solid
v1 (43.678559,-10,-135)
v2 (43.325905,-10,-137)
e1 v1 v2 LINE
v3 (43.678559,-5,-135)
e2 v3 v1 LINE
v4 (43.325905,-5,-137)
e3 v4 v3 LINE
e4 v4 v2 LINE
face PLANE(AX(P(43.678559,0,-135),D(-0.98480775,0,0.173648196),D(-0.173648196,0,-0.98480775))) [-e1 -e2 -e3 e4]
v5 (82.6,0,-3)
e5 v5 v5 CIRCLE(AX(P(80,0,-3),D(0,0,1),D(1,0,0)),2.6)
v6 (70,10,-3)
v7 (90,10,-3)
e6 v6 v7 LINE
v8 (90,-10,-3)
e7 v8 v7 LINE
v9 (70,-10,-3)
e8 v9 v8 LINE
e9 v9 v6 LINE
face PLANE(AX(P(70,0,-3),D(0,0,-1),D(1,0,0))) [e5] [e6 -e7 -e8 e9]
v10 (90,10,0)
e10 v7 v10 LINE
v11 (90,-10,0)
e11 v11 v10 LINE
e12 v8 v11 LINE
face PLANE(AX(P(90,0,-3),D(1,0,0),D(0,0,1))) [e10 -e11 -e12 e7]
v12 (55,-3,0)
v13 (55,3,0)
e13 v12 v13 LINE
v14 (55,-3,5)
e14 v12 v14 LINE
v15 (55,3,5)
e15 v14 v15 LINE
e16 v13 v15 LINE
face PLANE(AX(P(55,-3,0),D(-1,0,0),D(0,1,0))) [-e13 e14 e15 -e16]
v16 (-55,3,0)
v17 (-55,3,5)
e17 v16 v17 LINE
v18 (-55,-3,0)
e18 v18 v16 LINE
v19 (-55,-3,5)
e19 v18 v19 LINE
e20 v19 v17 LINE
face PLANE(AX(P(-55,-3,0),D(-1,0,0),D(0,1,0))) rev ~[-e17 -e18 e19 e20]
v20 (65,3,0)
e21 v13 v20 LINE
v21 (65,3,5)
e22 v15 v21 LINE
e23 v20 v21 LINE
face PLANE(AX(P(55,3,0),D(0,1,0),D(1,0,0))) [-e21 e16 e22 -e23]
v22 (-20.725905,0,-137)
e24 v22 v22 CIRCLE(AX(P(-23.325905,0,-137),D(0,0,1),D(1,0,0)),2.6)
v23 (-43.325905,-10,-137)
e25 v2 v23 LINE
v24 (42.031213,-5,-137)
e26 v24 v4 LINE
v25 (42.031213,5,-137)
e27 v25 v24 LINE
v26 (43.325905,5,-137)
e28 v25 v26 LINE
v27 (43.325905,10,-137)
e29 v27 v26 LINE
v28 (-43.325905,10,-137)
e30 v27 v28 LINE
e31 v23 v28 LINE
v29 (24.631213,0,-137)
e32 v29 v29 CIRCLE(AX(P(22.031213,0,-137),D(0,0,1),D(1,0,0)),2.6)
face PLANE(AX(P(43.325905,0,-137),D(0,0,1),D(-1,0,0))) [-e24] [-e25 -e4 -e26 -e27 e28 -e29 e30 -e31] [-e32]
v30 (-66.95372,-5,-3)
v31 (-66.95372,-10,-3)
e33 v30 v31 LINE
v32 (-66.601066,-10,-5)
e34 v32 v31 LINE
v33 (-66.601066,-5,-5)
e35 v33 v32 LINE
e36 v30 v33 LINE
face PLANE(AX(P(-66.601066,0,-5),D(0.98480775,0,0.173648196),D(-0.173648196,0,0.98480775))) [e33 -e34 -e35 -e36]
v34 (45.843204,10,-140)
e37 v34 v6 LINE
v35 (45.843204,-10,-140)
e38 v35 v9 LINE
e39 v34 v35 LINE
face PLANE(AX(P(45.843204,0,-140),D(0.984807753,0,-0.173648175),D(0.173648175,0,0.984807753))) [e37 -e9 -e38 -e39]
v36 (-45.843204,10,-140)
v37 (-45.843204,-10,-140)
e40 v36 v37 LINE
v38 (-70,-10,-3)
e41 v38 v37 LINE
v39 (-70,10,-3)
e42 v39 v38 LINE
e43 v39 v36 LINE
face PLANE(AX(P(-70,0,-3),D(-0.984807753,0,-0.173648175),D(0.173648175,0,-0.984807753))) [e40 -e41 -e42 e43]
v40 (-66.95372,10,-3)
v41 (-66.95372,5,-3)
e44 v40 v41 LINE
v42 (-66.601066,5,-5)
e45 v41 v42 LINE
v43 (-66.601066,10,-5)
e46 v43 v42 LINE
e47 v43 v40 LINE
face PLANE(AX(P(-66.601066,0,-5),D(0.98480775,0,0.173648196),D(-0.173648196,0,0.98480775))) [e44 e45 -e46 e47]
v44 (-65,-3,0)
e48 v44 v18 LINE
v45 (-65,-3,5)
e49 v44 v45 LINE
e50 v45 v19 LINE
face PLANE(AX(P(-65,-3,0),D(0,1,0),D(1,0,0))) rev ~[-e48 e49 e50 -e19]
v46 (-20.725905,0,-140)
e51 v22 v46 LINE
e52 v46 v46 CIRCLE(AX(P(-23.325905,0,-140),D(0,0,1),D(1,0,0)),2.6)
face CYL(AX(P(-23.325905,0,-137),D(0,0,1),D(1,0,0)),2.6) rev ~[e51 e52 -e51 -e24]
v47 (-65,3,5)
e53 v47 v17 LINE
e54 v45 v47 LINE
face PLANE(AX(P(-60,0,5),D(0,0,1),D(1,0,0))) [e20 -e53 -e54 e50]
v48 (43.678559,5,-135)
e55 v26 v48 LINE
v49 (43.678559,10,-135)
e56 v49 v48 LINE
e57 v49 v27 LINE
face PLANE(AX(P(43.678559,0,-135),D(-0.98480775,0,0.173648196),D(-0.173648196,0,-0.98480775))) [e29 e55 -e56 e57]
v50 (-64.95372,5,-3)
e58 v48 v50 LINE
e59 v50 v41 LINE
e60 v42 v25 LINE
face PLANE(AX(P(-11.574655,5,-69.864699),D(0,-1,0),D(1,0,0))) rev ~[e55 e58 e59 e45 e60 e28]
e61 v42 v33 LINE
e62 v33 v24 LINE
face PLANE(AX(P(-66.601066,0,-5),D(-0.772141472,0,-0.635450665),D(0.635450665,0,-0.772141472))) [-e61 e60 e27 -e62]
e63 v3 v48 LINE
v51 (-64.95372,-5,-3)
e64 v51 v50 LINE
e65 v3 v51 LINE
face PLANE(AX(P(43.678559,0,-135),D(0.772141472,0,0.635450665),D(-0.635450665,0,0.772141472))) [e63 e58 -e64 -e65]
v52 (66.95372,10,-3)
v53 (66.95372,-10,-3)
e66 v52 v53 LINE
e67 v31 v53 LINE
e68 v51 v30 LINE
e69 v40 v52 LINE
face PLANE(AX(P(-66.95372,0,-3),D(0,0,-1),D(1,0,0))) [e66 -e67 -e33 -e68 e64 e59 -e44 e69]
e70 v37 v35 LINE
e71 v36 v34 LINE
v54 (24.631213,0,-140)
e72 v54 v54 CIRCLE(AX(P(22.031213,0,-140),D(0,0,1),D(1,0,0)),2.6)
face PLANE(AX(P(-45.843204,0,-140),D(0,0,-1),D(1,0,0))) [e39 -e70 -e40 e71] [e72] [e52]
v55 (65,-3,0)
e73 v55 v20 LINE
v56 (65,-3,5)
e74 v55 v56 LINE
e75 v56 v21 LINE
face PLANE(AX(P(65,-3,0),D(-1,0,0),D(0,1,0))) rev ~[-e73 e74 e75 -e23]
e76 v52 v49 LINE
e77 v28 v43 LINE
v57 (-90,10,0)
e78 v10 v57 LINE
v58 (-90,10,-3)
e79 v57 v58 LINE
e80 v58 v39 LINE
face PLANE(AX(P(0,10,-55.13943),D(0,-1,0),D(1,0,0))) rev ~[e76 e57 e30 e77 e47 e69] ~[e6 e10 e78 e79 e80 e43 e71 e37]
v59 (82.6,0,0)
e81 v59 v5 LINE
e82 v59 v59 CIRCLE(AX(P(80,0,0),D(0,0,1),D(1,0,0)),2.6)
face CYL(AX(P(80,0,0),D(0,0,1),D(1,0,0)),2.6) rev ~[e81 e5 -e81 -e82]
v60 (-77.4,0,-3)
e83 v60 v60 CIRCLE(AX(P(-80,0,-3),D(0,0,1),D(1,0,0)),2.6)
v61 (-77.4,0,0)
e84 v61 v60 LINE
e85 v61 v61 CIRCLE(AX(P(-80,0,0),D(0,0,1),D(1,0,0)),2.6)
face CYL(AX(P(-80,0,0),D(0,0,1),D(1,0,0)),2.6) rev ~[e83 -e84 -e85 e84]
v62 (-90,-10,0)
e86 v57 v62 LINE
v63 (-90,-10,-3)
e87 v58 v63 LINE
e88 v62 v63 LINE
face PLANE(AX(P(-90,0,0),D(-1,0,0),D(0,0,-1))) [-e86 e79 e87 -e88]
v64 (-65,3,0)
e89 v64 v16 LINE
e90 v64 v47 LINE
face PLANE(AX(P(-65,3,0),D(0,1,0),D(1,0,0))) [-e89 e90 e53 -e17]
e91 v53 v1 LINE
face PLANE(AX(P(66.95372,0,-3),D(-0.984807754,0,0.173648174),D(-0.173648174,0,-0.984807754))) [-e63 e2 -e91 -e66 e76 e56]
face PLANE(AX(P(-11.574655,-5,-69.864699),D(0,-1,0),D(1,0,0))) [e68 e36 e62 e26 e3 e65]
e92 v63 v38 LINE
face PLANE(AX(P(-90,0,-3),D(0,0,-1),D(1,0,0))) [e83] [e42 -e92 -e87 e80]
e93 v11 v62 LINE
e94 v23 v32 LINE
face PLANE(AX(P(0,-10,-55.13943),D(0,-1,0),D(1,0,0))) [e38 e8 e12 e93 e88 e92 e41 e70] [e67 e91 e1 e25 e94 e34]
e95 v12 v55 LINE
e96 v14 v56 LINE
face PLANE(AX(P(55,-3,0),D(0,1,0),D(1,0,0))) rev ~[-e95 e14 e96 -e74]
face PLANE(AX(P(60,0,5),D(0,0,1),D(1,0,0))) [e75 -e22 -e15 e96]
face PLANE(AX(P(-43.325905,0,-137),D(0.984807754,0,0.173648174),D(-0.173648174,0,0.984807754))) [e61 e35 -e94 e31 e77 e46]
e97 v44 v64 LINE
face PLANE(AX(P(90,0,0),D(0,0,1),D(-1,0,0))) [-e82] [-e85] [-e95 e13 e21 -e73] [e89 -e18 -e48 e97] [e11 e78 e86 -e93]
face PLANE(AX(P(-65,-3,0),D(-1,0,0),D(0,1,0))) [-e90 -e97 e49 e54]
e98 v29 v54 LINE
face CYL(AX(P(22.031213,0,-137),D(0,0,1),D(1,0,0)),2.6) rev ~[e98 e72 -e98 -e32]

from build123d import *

# Parameters (mm, degrees)
F1_DEPTH = 10
F2_W     = 10
F2_H     = 6
F3_DEPTH = 5
F2_R     = 2.6
F4_DEPTH = 3
F5_R     = 2.6
F6_DEPTH = 3
F7_DEPTH = 5


with BuildPart() as f1:
    # F0 (on Front) → F1 (new body, symmetric)
    with BuildSketch(Plane.XZ):
        Polygon((90, 0), (-90, 0), (-90, -3), (-70, -3), (-45.843204, -140), (45.843204, -140), (70, -3), (90, -3), align=None)
        Polygon((-66.601066, -5), (-66.95372, -3), (-64.95372, -3), (66.95372, -3), (43.678559, -135), (43.325905, -137), (42.031213, -137), (-43.325905, -137), align=None, mode=Mode.SUBTRACT)
    extrude(amount=F1_DEPTH, both=True)

    # F2 (on face) → F3 (join)
    with BuildSketch(Plane.XY):
        with Locations((-60, 0)):
            Rectangle(F2_W, F2_H)
        with Locations((60, 0)):
            Rectangle(F2_W, F2_H)
    extrude(amount=F3_DEPTH)

    # F2 (on face) → F4 (cut, through all)
    with BuildSketch(Plane.XY):
        with Locations((-80, 0)):
            Circle(F2_R)
        with Locations((80, 0)):
            Circle(F2_R)
    extrude(amount=-F4_DEPTH, mode=Mode.SUBTRACT)

    # F5 (on face) → F6 (cut, through all)
    with BuildSketch(Plane.XY.offset(-137)):
        with Locations((-23.325905, 0)):
            Circle(F5_R)
        with Locations((22.031213, 0)):
            Circle(F5_R)
    extrude(amount=-F6_DEPTH, mode=Mode.SUBTRACT)

    # F0 (on Front) → F7 (join, symmetric)
    with BuildSketch(Plane.XZ):
        Polygon((-64.95372, -3), (-66.95372, -3), (-66.601066, -5), (42.031213, -137), (43.325905, -137), (43.678559, -135), align=None)
    extrude(amount=F7_DEPTH, both=True)


solid = f1.part
